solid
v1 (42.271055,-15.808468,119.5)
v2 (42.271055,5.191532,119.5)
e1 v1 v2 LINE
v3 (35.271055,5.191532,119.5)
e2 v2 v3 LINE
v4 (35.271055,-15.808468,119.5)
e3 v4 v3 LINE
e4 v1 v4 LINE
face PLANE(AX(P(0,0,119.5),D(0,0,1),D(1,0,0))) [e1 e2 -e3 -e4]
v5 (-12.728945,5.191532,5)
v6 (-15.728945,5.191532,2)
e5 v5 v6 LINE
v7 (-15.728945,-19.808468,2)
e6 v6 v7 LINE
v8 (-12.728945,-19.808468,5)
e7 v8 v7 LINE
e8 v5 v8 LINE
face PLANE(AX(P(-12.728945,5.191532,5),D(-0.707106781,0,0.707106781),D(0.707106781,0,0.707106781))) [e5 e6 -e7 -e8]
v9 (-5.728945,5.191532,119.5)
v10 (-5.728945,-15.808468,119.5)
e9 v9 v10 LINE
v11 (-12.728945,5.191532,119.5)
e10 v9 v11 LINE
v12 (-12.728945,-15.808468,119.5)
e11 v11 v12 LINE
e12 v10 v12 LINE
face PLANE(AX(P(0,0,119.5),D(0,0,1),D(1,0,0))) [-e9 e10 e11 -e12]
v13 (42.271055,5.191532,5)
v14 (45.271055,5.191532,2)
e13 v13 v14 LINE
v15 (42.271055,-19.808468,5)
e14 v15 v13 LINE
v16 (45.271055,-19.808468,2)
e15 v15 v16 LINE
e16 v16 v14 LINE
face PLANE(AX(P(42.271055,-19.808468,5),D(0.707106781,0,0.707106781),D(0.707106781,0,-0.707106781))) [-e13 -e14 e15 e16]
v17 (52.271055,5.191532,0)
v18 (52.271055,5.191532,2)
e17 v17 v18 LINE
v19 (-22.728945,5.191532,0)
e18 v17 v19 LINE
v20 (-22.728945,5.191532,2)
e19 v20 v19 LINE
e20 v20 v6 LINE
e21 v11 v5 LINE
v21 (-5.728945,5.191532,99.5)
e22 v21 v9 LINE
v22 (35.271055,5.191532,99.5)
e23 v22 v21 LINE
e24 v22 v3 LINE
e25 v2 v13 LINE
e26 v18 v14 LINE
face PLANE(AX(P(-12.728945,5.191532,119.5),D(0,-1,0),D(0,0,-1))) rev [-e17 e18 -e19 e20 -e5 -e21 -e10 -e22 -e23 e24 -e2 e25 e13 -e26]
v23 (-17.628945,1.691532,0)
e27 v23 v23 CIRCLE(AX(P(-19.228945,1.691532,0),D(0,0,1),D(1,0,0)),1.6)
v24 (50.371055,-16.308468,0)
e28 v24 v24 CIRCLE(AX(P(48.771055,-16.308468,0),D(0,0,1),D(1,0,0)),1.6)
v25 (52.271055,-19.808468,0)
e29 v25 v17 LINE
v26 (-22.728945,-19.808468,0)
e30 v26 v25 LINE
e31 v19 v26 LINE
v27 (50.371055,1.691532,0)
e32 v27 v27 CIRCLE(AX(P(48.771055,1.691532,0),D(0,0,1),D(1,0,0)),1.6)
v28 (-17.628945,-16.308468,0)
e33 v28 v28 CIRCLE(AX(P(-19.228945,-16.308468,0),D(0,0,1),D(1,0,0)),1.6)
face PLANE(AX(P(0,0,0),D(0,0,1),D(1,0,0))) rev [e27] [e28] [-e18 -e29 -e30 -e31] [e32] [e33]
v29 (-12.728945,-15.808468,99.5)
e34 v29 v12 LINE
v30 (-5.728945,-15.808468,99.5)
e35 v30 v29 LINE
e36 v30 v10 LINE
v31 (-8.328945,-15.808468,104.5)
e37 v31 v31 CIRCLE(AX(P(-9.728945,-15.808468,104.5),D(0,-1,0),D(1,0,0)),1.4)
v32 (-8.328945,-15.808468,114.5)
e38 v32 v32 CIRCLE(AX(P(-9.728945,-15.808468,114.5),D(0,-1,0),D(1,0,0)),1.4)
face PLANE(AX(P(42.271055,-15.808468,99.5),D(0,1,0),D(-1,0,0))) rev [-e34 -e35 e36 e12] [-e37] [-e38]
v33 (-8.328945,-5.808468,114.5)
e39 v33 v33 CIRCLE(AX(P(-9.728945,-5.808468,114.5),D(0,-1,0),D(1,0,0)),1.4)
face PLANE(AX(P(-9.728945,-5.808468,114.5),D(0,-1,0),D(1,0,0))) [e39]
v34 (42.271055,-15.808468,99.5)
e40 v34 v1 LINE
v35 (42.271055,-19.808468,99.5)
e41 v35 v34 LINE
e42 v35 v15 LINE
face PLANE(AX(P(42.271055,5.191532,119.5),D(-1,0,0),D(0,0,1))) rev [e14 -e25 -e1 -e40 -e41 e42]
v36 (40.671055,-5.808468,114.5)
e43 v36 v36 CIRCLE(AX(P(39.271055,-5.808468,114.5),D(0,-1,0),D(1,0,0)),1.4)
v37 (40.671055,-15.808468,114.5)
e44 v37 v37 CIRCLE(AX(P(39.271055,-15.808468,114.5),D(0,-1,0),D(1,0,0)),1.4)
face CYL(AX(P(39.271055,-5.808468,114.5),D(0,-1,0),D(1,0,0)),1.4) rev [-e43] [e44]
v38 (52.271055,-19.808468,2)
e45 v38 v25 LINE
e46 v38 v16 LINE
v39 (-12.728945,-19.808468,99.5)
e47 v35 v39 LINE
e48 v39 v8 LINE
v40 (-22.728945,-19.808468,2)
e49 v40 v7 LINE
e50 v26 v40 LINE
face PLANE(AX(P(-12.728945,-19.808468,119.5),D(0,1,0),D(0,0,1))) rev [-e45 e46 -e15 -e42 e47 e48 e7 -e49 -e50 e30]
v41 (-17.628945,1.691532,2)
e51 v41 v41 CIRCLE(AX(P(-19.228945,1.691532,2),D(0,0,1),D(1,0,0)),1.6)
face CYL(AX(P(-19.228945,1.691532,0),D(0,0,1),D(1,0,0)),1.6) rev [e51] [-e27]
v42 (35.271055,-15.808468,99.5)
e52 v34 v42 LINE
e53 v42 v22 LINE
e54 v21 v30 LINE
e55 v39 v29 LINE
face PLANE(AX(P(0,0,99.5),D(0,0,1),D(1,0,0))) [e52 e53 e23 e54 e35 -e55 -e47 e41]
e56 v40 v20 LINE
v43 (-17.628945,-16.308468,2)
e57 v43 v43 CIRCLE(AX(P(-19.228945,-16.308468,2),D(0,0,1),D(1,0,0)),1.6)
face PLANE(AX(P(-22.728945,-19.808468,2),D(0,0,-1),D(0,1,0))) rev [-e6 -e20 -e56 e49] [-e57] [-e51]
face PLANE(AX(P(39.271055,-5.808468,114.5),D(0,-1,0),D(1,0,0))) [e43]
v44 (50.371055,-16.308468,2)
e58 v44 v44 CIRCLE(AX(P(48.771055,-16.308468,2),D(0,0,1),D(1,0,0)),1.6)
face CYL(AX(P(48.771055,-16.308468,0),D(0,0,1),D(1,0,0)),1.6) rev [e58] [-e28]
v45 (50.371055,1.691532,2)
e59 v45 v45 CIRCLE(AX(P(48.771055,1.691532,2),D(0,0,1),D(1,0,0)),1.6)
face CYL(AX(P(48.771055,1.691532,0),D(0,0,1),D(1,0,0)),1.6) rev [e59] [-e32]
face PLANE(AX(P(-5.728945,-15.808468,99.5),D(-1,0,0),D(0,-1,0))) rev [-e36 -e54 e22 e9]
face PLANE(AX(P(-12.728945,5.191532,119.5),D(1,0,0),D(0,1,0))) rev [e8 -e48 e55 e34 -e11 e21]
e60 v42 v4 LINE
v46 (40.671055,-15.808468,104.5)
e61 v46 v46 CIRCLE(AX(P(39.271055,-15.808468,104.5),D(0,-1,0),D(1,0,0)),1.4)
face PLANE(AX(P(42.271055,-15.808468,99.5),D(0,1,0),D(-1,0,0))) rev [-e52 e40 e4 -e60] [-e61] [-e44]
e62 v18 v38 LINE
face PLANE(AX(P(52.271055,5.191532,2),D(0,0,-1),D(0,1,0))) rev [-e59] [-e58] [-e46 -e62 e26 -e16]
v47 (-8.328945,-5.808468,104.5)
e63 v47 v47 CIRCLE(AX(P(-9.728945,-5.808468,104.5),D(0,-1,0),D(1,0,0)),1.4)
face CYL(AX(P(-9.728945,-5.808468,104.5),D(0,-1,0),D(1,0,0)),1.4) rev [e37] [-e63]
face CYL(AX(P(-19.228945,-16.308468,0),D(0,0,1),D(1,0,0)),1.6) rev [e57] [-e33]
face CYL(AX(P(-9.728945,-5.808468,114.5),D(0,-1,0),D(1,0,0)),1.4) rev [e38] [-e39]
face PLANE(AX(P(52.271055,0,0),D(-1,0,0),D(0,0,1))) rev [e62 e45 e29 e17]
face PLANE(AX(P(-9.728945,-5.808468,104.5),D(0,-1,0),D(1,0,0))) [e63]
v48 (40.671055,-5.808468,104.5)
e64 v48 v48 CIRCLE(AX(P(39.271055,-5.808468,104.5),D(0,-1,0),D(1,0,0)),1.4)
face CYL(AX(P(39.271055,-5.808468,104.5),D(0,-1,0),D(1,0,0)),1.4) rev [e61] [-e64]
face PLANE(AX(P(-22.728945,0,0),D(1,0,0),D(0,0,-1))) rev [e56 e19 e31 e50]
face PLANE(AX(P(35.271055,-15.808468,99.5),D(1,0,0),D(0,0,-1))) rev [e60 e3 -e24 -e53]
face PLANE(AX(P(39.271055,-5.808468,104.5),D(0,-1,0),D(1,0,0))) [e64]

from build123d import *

# Parameters (mm, degrees)
SKETCH_1_W          = 55
SKETCH_1_H          = 25
EXTRUDE_1_DEPTH     = 119.5
SKETCH_3_W          = 2
SKETCH_3_H          = 25
EXTRUDE_2_DEPTH     = 10
EXTRUDE_3_DEPTH     = 25
SKETCH_6_R          = 1.6
CUT_EXTRUDE_2_DEPTH = 131.118748168
SKETCH_7_W          = 2
SKETCH_7_H          = 25
EXTRUDE_4_DEPTH     = 10
EXTRUDE_5_DEPTH     = 25
SKETCH_9_R          = 1.6
CUT_EXTRUDE_3_DEPTH = 131.118748168
SKETCH_10_W         = 55
SKETCH_10_H         = 4
CUT_EXTRUDE_4_DEPTH = 20
SKETCH_12_W         = 41
SKETCH_12_H         = 21
CUT_EXTRUDE_5_DEPTH = 20
SKETCH_13_R         = 1.4
CUT_EXTRUDE_6_DEPTH = 10
SKETCH_15_R         = 1.4
CUT_EXTRUDE_7_DEPTH = 10


with BuildPart() as part:
    # ｽｹｯﾁ1 → ﾎﾞｽ - 押し出し1 (new body)
    with BuildSketch(Plane.XY):
        with Locations((14.77105538, -7.308467742)):
            Rectangle(SKETCH_1_W, SKETCH_1_H)
    extrude(amount=EXTRUDE_1_DEPTH)

    # ｽｹｯﾁ3 → ﾎﾞｽ - 押し出し2 (add)
    with BuildSketch(Plane(origin=(42.27105538, 0, 0), x_dir=(0, 0, -1), z_dir=(1, 0, 0))):
        with Locations((-1, -7.308467742)):
            Rectangle(SKETCH_3_W, SKETCH_3_H)
    extrude(amount=EXTRUDE_2_DEPTH)

    # ｽｹｯﾁ5 → ﾎﾞｽ - 押し出し3 (add, through all)
    with BuildSketch(Plane(origin=(0, 5.191532258, 0), x_dir=(1, 0, 0), z_dir=(0, 1, 0))):
        Polygon((42.27105538, -5), (45.27105538, -2), (42.27105538, -2), align=None)
    extrude(amount=-EXTRUDE_3_DEPTH)

    # ｽｹｯﾁ6 → ｶｯﾄ - 押し出し2 (cut, through all)
    with BuildSketch(Plane.XY.offset(2)):
        with Locations((48.77105538, 1.691532258)):
            Circle(SKETCH_6_R)
        with Locations((48.77105538, -16.308467742)):
            Circle(SKETCH_6_R)
    extrude(amount=-CUT_EXTRUDE_2_DEPTH, mode=Mode.SUBTRACT)

    # ｽｹｯﾁ7 → ﾎﾞｽ - 押し出し4 (add)
    with BuildSketch(Plane.ZY.offset(12.72894462)):
        with Locations((1, -7.308467742)):
            Rectangle(SKETCH_7_W, SKETCH_7_H)
    extrude(amount=EXTRUDE_4_DEPTH)

    # ｽｹｯﾁ8 → ﾎﾞｽ - 押し出し5 (add, through all)
    with BuildSketch(Plane.XZ.offset(19.808467742)):
        Polygon((-12.72894462, 5), (-15.72894462, 2), (-12.72894462, 2), align=None)
    extrude(amount=-EXTRUDE_5_DEPTH)

    # ｽｹｯﾁ9 → ｶｯﾄ - 押し出し3 (cut, through all)
    with BuildSketch(Plane.XY.offset(2)):
        with Locations((-19.22894462, -16.308467742)):
            Circle(SKETCH_9_R)
        with Locations((-19.22894462, 1.691532258)):
            Circle(SKETCH_9_R)
    extrude(amount=-CUT_EXTRUDE_3_DEPTH, mode=Mode.SUBTRACT)

    # ｽｹｯﾁ10 → ｶｯﾄ - 押し出し4 (cut)
    with BuildSketch(Plane.XY.offset(119.5)):
        with Locations((14.77105538, -17.808467742)):
            Rectangle(SKETCH_10_W, SKETCH_10_H)
    extrude(amount=-CUT_EXTRUDE_4_DEPTH, mode=Mode.SUBTRACT)

    # ｽｹｯﾁ12 → ｶｯﾄ - 押し出し5 (cut)
    with BuildSketch(Plane.XY.offset(119.5)):
        with Locations((14.77105538, -5.308467742)):
            Rectangle(SKETCH_12_W, SKETCH_12_H)
    extrude(amount=-CUT_EXTRUDE_5_DEPTH, mode=Mode.SUBTRACT)

    # ｽｹｯﾁ13 → ｶｯﾄ - 押し出し6 (cut)
    with BuildSketch(Plane.XZ.offset(15.808467742)):
        with Locations((39.27105538, 104.5)):
            Circle(SKETCH_13_R)
        with Locations((39.27105538, 114.5)):
            Circle(SKETCH_13_R)
    extrude(amount=-CUT_EXTRUDE_6_DEPTH, mode=Mode.SUBTRACT)

    # ｽｹｯﾁ15 → ｶｯﾄ - 押し出し7 (cut)
    with BuildSketch(Plane(origin=(0, -15.808467742, 0), x_dir=(-1, 0, 0), z_dir=(0, -1, 0))):
        with Locations(Location((9.72894462, -104.5, 0), (0, 0, 180))):
            Circle(SKETCH_15_R)
        with Locations(Location((9.72894462, -114.5, 0), (0, 0, 180))):
            Circle(SKETCH_15_R)
    extrude(amount=-CUT_EXTRUDE_7_DEPTH, mode=Mode.SUBTRACT)


solid = part.part
